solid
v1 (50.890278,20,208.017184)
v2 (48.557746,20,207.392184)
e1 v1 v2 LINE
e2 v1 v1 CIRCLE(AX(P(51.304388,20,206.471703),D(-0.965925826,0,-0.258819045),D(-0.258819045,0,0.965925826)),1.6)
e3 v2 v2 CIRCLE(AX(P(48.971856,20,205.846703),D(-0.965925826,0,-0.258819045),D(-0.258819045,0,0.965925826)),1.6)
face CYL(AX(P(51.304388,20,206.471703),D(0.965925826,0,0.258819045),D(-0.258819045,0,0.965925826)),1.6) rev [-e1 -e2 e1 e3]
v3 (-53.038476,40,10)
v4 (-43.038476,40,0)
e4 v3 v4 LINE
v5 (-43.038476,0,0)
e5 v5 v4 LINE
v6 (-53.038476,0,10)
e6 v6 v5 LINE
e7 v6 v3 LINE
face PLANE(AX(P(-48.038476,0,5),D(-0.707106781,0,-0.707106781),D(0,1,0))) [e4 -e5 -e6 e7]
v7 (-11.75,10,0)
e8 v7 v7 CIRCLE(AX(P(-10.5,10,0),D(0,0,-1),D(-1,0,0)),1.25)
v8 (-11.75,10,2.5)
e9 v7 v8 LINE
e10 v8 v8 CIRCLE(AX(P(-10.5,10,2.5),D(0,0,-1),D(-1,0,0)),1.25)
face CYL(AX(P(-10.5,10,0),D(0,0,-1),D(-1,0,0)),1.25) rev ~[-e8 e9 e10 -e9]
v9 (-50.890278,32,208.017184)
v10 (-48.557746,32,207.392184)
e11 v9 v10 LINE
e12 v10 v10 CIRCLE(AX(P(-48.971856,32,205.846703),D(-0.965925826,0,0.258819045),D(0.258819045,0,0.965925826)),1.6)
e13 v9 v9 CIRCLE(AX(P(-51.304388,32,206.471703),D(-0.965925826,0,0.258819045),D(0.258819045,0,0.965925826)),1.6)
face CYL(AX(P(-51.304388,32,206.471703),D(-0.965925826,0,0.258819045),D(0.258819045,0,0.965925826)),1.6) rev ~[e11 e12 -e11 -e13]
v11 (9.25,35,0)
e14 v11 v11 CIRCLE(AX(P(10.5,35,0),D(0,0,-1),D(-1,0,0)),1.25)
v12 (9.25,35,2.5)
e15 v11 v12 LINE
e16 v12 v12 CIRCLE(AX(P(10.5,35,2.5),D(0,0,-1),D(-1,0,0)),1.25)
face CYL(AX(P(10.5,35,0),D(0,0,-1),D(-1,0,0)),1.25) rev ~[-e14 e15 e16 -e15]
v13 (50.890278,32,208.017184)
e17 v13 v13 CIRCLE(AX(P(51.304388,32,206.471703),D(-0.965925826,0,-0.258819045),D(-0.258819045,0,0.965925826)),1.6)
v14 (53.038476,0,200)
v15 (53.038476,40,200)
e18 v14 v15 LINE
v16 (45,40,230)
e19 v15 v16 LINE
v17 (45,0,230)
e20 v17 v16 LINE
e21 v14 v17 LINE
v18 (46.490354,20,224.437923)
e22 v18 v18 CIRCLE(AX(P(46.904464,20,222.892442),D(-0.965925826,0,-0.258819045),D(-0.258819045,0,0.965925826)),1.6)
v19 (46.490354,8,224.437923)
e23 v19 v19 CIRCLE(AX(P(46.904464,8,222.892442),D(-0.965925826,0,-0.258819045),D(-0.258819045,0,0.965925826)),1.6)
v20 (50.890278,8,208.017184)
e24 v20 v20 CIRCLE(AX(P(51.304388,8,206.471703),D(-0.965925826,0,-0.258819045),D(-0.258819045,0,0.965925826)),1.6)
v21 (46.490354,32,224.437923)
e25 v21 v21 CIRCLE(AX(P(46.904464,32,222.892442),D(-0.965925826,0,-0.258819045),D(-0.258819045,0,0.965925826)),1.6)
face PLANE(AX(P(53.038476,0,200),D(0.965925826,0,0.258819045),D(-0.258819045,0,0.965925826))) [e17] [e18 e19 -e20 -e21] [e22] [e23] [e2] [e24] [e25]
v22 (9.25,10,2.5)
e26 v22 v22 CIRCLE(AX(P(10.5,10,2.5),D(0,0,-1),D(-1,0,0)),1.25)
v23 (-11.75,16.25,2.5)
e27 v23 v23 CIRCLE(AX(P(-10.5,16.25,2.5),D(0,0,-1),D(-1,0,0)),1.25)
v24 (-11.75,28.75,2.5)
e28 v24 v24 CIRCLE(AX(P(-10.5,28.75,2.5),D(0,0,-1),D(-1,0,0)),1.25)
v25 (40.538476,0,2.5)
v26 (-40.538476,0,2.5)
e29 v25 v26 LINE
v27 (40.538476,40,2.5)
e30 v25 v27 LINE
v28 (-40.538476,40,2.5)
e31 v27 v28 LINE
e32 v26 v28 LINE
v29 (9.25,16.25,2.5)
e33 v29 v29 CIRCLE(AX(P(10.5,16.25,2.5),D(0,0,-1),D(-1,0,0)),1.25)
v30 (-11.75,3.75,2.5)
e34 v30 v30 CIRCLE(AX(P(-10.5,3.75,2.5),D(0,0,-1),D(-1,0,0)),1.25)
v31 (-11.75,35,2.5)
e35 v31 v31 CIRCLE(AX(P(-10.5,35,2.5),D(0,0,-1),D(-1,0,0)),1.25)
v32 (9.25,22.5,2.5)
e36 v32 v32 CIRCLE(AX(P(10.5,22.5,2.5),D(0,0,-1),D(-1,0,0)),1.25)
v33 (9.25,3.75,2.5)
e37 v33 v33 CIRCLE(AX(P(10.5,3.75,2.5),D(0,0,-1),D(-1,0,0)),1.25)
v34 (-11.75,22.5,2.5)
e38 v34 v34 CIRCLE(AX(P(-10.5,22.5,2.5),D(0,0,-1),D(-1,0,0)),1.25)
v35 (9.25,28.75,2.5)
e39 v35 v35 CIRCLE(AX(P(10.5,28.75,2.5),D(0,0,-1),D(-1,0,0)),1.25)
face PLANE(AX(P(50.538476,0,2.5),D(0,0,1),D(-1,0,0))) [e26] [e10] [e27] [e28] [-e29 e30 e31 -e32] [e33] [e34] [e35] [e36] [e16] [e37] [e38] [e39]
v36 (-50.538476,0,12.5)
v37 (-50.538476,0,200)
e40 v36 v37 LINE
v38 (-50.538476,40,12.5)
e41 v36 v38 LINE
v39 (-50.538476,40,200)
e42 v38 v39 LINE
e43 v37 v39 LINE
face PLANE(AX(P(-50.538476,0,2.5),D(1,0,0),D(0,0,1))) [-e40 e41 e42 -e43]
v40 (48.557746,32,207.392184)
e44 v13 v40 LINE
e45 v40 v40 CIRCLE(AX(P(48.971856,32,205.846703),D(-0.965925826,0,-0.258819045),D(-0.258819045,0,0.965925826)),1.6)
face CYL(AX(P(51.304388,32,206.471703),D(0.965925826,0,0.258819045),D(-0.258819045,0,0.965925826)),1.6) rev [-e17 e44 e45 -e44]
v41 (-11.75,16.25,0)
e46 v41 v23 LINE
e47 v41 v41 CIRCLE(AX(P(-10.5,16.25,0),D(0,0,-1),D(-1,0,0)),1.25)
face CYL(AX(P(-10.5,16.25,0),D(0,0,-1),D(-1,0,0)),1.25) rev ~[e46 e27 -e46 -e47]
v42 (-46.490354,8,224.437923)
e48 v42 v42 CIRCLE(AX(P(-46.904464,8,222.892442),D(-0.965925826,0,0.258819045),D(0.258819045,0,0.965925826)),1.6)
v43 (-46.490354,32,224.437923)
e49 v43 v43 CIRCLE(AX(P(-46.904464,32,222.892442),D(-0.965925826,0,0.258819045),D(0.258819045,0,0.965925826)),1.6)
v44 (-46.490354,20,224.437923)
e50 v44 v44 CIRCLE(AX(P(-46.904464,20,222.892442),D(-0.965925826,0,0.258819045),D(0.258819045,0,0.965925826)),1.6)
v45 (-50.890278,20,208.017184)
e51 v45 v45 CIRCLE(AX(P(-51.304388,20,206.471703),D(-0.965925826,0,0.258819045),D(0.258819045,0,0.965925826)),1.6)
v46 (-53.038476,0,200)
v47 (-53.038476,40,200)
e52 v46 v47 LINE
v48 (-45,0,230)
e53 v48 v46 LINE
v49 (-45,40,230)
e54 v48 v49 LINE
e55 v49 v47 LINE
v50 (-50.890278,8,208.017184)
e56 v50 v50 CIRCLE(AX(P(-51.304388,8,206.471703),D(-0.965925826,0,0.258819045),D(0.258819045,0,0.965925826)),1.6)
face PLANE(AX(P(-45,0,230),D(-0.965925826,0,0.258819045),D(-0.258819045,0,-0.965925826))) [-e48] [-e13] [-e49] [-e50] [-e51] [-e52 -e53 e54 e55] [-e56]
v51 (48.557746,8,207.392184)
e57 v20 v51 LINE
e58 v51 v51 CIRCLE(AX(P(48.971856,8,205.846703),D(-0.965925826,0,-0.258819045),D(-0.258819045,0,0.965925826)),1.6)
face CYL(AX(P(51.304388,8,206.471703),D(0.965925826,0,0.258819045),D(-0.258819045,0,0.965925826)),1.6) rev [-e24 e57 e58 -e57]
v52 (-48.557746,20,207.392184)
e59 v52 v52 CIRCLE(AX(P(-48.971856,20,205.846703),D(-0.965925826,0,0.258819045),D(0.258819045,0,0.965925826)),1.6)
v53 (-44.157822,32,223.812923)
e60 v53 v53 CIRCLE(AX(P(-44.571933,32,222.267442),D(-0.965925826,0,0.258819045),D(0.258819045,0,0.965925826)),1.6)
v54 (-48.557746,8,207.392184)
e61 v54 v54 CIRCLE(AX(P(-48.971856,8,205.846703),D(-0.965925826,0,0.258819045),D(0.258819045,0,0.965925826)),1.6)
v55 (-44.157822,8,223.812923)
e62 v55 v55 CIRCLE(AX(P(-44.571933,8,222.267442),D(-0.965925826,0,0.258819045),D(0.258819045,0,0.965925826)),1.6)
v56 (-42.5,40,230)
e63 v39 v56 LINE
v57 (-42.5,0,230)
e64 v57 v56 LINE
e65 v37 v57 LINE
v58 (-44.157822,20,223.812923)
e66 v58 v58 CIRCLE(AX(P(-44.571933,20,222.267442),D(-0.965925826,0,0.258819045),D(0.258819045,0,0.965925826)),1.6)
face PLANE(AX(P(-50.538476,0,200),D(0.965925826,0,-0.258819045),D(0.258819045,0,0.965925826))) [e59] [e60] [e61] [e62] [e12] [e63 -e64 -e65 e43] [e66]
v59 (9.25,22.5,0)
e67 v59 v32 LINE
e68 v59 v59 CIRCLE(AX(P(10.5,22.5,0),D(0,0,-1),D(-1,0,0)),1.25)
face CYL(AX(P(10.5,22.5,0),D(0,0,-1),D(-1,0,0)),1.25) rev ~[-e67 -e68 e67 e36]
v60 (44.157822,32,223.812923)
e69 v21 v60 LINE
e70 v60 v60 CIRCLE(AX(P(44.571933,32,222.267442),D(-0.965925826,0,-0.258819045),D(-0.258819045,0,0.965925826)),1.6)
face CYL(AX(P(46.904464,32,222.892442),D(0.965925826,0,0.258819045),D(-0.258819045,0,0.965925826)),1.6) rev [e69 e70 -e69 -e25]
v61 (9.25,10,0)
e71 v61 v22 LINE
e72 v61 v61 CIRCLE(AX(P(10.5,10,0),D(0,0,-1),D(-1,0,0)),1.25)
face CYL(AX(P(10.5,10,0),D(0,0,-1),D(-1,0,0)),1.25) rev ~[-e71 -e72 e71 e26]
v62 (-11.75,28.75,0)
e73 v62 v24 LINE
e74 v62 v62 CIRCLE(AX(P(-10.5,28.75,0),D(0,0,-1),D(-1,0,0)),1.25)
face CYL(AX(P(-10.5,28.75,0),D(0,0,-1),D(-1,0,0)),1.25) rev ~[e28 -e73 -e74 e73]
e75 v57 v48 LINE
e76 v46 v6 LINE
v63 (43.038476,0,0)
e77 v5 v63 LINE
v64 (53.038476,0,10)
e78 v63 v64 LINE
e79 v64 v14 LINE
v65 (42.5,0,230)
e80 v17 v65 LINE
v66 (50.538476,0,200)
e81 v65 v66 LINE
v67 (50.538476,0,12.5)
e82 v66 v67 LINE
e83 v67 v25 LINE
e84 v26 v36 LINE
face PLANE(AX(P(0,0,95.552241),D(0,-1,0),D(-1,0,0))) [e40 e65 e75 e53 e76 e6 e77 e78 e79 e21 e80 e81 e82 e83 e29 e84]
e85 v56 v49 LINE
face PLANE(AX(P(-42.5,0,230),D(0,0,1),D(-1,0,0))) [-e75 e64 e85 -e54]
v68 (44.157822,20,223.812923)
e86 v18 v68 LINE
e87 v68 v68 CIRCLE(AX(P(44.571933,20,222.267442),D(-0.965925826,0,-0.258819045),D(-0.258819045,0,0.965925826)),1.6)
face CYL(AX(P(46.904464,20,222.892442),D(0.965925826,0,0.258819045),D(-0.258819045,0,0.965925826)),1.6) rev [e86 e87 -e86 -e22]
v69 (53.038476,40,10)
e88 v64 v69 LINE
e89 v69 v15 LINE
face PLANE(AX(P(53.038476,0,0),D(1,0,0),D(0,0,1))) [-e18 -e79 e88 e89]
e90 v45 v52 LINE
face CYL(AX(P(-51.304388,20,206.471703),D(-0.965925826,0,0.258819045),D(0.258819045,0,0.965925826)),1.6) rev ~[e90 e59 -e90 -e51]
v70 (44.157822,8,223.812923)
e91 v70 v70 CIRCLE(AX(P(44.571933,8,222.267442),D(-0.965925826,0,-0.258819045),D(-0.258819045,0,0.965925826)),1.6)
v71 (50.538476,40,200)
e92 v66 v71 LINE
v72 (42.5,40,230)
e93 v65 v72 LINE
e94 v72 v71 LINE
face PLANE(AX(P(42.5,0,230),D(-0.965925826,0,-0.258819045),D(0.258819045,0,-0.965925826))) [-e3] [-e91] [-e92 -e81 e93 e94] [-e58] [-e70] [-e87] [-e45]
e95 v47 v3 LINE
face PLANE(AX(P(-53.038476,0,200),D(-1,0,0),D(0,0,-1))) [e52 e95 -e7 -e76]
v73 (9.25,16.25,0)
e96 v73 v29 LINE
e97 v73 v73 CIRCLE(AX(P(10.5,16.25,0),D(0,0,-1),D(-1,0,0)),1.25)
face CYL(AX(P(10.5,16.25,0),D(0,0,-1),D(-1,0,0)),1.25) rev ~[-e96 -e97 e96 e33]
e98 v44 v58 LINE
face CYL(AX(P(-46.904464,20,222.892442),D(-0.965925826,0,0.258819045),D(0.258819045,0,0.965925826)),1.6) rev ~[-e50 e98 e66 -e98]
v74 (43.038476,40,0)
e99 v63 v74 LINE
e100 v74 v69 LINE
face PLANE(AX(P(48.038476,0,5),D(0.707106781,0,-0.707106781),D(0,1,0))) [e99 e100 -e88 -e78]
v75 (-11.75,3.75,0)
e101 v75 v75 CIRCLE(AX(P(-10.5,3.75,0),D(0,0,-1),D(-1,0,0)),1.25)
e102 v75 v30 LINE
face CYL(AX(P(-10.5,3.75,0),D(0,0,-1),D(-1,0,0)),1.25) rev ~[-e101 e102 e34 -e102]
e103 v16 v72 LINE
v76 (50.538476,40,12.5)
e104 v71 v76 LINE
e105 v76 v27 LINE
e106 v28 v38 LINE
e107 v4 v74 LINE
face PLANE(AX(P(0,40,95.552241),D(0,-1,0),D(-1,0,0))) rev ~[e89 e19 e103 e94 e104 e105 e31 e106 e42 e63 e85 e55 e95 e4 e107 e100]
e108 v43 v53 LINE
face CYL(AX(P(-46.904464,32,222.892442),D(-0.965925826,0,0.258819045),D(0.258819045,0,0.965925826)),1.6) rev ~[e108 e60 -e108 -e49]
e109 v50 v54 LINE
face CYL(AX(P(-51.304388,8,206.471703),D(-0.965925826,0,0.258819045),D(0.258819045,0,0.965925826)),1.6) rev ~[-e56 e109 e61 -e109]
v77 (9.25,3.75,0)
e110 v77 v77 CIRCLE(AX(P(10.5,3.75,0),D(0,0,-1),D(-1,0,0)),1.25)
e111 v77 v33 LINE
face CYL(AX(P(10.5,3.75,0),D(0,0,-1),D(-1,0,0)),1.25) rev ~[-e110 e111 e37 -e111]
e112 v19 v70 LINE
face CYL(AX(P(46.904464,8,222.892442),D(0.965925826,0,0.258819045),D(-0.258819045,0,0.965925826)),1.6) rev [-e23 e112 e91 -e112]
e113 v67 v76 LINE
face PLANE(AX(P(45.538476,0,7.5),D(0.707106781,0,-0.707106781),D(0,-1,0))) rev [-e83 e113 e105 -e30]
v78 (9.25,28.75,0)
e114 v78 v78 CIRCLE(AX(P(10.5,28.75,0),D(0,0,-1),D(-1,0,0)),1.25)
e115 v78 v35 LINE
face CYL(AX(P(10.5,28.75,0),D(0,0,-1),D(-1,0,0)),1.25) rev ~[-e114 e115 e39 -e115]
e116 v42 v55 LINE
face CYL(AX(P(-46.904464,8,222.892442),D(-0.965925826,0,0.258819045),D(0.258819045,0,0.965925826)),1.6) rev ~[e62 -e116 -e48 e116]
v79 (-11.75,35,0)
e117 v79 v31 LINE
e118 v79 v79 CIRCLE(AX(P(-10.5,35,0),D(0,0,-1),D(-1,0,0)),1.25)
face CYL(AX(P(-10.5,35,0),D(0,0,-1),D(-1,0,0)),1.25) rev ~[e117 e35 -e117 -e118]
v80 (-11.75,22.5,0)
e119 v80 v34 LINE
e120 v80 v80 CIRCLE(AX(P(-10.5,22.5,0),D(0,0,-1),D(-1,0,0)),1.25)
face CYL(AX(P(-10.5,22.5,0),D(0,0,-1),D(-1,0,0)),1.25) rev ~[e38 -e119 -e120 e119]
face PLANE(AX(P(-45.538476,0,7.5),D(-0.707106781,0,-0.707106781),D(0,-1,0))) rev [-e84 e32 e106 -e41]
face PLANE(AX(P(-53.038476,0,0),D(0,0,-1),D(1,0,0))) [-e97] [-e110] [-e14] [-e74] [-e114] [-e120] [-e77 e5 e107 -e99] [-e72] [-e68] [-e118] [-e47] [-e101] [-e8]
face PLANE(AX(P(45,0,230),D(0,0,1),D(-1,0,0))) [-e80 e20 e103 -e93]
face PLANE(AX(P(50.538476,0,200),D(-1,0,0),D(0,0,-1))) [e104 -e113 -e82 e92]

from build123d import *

# Parameters (mm, degrees)
BOSS_EXTRUDE1_DEPTH = 40
CUT_EXTRUDE1_REACH  = 259.317
SKETCH2_R           = 1.6
CUT_EXTRUDE2_REACH  = 241.402
SKETCH3_R           = 1.25
LPATTERN1_COUNT     = 6
LPATTERN1_PITCH     = 6.25
CHAMFER1_SIZE       = 10


with BuildPart() as part:
    # Sketch1 → Boss-Extrude1 (new body)
    with BuildSketch(Plane(origin=(0, 0, 0), x_dir=(1, 0, 0), z_dir=(0, 1, 0))):
        Polygon((-45, -230), (-53.038475773, -200), (-53.038475773, 0), (53.038475773, 0), (53.038475773, -200), (45, -230), (42.5, -230), (50.538475773, -200), (50.538475773, -2.5), (-50.538475773, -2.5), (-50.538475773, -200), (-42.5, -230), align=None)
    extrude(amount=BOSS_EXTRUDE1_DEPTH)

    # Sketch2 → Cut-Extrude1 (cut, up to next)
    with BuildSketch(Plane(origin=(-99.485571585, 0, 26.657078565), x_dir=(0.2588190451025251, 0, 0.9659258262890672), z_dir=(-0.9659258262890671, 0, 0.25881904510252507)), mode=Mode.PRIVATE) as cut_extrude1_sk1:
        with Locations((186.157797605, 32)):
            Circle(SKETCH2_R)
    cut_extrude1_tool1 = extrude(cut_extrude1_sk1.sketch, amount=-CUT_EXTRUDE1_REACH, mode=Mode.PRIVATE) & part.part
    # Sketch2 → Cut-Extrude1 (cut, up to next)
    with BuildSketch(Plane(origin=(-99.485571585, 0, 26.657078565), x_dir=(0.2588190451025251, 0, 0.9659258262890672), z_dir=(-0.9659258262890671, 0, 0.25881904510252507)), mode=Mode.PRIVATE) as cut_extrude1_sk2:
        with Locations((186.157797605, 8)):
            Circle(SKETCH2_R)
    cut_extrude1_tool2 = extrude(cut_extrude1_sk2.sketch, amount=-CUT_EXTRUDE1_REACH, mode=Mode.PRIVATE) & part.part
    # Sketch2 → Cut-Extrude1 (cut, up to next)
    with BuildSketch(Plane(origin=(-99.485571585, 0, 26.657078565), x_dir=(0.2588190451025251, 0, 0.9659258262890672), z_dir=(-0.9659258262890671, 0, 0.25881904510252507)), mode=Mode.PRIVATE) as cut_extrude1_sk3:
        with Locations((203.157797605, 8)):
            Circle(SKETCH2_R)
    cut_extrude1_tool3 = extrude(cut_extrude1_sk3.sketch, amount=-CUT_EXTRUDE1_REACH, mode=Mode.PRIVATE) & part.part
    # Sketch2 → Cut-Extrude1 (cut, up to next)
    with BuildSketch(Plane(origin=(-99.485571585, 0, 26.657078565), x_dir=(0.2588190451025251, 0, 0.9659258262890672), z_dir=(-0.9659258262890671, 0, 0.25881904510252507)), mode=Mode.PRIVATE) as cut_extrude1_sk4:
        with Locations((203.157797605, 32)):
            Circle(SKETCH2_R)
    cut_extrude1_tool4 = extrude(cut_extrude1_sk4.sketch, amount=-CUT_EXTRUDE1_REACH, mode=Mode.PRIVATE) & part.part
    # Sketch2 → Cut-Extrude1 (cut, up to next)
    with BuildSketch(Plane(origin=(-99.485571585, 0, 26.657078565), x_dir=(0.2588190451025251, 0, 0.9659258262890672), z_dir=(-0.9659258262890671, 0, 0.25881904510252507)), mode=Mode.PRIVATE) as cut_extrude1_sk5:
        with Locations((203.157797605, 20)):
            Circle(SKETCH2_R)
    cut_extrude1_tool5 = extrude(cut_extrude1_sk5.sketch, amount=-CUT_EXTRUDE1_REACH, mode=Mode.PRIVATE) & part.part
    # Sketch2 → Cut-Extrude1 (cut, up to next)
    with BuildSketch(Plane(origin=(-99.485571585, 0, 26.657078565), x_dir=(0.2588190451025251, 0, 0.9659258262890672), z_dir=(-0.9659258262890671, 0, 0.25881904510252507)), mode=Mode.PRIVATE) as cut_extrude1_sk6:
        with Locations((186.157797605, 20)):
            Circle(SKETCH2_R)
    cut_extrude1_tool6 = extrude(cut_extrude1_sk6.sketch, amount=-CUT_EXTRUDE1_REACH, mode=Mode.PRIVATE) & part.part
    cut_extrude1_1 = cut_extrude1_tool1.solids().sort_by_distance((-51.304388, 32, 206.471703))[0]
    add(cut_extrude1_1, mode=Mode.SUBTRACT)
    cut_extrude1_2 = cut_extrude1_tool2.solids().sort_by_distance((-51.304388, 8, 206.471703))[0]
    add(cut_extrude1_2, mode=Mode.SUBTRACT)
    cut_extrude1_3 = cut_extrude1_tool3.solids().sort_by_distance((-46.904464, 8, 222.892442))[0]
    add(cut_extrude1_3, mode=Mode.SUBTRACT)
    cut_extrude1_4 = cut_extrude1_tool4.solids().sort_by_distance((-46.904464, 32, 222.892442))[0]
    add(cut_extrude1_4, mode=Mode.SUBTRACT)
    cut_extrude1_5 = cut_extrude1_tool5.solids().sort_by_distance((-46.904464, 20, 222.892442))[0]
    add(cut_extrude1_5, mode=Mode.SUBTRACT)
    cut_extrude1_6 = cut_extrude1_tool6.solids().sort_by_distance((-51.304388, 20, 206.471703))[0]
    add(cut_extrude1_6, mode=Mode.SUBTRACT)
    cut_extrude1 = cut_extrude1_1 + cut_extrude1_2 + cut_extrude1_3 + cut_extrude1_4 + cut_extrude1_5 + cut_extrude1_6  # Cut-Extrude1 as one shape, for the pattern or mirror that repeats it

    # Mirror1: Cut-Extrude1 across plane
    add(cut_extrude1.mirror(Plane(origin=(0, 0, 0), x_dir=(0, 0, 1), z_dir=(1, 0, 0))), mode=Mode.SUBTRACT)

    # Sketch3 → Cut-Extrude2 (cut, up to next)
    with BuildSketch(Plane(origin=(0, 0, 0), x_dir=(-1, 0, 0), z_dir=(0, 0, -1)), mode=Mode.PRIVATE) as cut_extrude2_sk1:
        with Locations((-10.5, 35)):
            Circle(SKETCH3_R)
    cut_extrude2_tool1 = extrude(cut_extrude2_sk1.sketch, amount=-CUT_EXTRUDE2_REACH, mode=Mode.PRIVATE) & part.part
    # Sketch3 → Cut-Extrude2 (cut, up to next)
    with BuildSketch(Plane(origin=(0, 0, 0), x_dir=(-1, 0, 0), z_dir=(0, 0, -1)), mode=Mode.PRIVATE) as cut_extrude2_sk2:
        with Locations((10.5, 35)):
            Circle(SKETCH3_R)
    cut_extrude2_tool2 = extrude(cut_extrude2_sk2.sketch, amount=-CUT_EXTRUDE2_REACH, mode=Mode.PRIVATE) & part.part
    cut_extrude2_1 = cut_extrude2_tool1.solids().sort_by_distance((10.5, 35, 0))[0]
    add(cut_extrude2_1, mode=Mode.SUBTRACT)
    cut_extrude2_2 = cut_extrude2_tool2.solids().sort_by_distance((-10.5, 35, 0))[0]
    add(cut_extrude2_2, mode=Mode.SUBTRACT)
    cut_extrude2 = cut_extrude2_1 + cut_extrude2_2  # Cut-Extrude2 as one shape, for the pattern or mirror that repeats it

    # LPattern1: Cut-Extrude2 ×6
    with Locations(*[(0, -i * LPATTERN1_PITCH, 0) for i in range(1, LPATTERN1_COUNT)]):
        add(cut_extrude2, mode=Mode.SUBTRACT)

    # Chamfer1
    chamfer1_edges = [part.edges().sort_by_distance(p)[0] for p in [
        (-53.038475773, 20, 0),
        (53.038475773, 20, 0),
        (50.538475773, 20, 2.5),
        (-50.538475773, 20, 2.5),
    ]]
    chamfer(chamfer1_edges, length=CHAMFER1_SIZE)


solid = part.part
